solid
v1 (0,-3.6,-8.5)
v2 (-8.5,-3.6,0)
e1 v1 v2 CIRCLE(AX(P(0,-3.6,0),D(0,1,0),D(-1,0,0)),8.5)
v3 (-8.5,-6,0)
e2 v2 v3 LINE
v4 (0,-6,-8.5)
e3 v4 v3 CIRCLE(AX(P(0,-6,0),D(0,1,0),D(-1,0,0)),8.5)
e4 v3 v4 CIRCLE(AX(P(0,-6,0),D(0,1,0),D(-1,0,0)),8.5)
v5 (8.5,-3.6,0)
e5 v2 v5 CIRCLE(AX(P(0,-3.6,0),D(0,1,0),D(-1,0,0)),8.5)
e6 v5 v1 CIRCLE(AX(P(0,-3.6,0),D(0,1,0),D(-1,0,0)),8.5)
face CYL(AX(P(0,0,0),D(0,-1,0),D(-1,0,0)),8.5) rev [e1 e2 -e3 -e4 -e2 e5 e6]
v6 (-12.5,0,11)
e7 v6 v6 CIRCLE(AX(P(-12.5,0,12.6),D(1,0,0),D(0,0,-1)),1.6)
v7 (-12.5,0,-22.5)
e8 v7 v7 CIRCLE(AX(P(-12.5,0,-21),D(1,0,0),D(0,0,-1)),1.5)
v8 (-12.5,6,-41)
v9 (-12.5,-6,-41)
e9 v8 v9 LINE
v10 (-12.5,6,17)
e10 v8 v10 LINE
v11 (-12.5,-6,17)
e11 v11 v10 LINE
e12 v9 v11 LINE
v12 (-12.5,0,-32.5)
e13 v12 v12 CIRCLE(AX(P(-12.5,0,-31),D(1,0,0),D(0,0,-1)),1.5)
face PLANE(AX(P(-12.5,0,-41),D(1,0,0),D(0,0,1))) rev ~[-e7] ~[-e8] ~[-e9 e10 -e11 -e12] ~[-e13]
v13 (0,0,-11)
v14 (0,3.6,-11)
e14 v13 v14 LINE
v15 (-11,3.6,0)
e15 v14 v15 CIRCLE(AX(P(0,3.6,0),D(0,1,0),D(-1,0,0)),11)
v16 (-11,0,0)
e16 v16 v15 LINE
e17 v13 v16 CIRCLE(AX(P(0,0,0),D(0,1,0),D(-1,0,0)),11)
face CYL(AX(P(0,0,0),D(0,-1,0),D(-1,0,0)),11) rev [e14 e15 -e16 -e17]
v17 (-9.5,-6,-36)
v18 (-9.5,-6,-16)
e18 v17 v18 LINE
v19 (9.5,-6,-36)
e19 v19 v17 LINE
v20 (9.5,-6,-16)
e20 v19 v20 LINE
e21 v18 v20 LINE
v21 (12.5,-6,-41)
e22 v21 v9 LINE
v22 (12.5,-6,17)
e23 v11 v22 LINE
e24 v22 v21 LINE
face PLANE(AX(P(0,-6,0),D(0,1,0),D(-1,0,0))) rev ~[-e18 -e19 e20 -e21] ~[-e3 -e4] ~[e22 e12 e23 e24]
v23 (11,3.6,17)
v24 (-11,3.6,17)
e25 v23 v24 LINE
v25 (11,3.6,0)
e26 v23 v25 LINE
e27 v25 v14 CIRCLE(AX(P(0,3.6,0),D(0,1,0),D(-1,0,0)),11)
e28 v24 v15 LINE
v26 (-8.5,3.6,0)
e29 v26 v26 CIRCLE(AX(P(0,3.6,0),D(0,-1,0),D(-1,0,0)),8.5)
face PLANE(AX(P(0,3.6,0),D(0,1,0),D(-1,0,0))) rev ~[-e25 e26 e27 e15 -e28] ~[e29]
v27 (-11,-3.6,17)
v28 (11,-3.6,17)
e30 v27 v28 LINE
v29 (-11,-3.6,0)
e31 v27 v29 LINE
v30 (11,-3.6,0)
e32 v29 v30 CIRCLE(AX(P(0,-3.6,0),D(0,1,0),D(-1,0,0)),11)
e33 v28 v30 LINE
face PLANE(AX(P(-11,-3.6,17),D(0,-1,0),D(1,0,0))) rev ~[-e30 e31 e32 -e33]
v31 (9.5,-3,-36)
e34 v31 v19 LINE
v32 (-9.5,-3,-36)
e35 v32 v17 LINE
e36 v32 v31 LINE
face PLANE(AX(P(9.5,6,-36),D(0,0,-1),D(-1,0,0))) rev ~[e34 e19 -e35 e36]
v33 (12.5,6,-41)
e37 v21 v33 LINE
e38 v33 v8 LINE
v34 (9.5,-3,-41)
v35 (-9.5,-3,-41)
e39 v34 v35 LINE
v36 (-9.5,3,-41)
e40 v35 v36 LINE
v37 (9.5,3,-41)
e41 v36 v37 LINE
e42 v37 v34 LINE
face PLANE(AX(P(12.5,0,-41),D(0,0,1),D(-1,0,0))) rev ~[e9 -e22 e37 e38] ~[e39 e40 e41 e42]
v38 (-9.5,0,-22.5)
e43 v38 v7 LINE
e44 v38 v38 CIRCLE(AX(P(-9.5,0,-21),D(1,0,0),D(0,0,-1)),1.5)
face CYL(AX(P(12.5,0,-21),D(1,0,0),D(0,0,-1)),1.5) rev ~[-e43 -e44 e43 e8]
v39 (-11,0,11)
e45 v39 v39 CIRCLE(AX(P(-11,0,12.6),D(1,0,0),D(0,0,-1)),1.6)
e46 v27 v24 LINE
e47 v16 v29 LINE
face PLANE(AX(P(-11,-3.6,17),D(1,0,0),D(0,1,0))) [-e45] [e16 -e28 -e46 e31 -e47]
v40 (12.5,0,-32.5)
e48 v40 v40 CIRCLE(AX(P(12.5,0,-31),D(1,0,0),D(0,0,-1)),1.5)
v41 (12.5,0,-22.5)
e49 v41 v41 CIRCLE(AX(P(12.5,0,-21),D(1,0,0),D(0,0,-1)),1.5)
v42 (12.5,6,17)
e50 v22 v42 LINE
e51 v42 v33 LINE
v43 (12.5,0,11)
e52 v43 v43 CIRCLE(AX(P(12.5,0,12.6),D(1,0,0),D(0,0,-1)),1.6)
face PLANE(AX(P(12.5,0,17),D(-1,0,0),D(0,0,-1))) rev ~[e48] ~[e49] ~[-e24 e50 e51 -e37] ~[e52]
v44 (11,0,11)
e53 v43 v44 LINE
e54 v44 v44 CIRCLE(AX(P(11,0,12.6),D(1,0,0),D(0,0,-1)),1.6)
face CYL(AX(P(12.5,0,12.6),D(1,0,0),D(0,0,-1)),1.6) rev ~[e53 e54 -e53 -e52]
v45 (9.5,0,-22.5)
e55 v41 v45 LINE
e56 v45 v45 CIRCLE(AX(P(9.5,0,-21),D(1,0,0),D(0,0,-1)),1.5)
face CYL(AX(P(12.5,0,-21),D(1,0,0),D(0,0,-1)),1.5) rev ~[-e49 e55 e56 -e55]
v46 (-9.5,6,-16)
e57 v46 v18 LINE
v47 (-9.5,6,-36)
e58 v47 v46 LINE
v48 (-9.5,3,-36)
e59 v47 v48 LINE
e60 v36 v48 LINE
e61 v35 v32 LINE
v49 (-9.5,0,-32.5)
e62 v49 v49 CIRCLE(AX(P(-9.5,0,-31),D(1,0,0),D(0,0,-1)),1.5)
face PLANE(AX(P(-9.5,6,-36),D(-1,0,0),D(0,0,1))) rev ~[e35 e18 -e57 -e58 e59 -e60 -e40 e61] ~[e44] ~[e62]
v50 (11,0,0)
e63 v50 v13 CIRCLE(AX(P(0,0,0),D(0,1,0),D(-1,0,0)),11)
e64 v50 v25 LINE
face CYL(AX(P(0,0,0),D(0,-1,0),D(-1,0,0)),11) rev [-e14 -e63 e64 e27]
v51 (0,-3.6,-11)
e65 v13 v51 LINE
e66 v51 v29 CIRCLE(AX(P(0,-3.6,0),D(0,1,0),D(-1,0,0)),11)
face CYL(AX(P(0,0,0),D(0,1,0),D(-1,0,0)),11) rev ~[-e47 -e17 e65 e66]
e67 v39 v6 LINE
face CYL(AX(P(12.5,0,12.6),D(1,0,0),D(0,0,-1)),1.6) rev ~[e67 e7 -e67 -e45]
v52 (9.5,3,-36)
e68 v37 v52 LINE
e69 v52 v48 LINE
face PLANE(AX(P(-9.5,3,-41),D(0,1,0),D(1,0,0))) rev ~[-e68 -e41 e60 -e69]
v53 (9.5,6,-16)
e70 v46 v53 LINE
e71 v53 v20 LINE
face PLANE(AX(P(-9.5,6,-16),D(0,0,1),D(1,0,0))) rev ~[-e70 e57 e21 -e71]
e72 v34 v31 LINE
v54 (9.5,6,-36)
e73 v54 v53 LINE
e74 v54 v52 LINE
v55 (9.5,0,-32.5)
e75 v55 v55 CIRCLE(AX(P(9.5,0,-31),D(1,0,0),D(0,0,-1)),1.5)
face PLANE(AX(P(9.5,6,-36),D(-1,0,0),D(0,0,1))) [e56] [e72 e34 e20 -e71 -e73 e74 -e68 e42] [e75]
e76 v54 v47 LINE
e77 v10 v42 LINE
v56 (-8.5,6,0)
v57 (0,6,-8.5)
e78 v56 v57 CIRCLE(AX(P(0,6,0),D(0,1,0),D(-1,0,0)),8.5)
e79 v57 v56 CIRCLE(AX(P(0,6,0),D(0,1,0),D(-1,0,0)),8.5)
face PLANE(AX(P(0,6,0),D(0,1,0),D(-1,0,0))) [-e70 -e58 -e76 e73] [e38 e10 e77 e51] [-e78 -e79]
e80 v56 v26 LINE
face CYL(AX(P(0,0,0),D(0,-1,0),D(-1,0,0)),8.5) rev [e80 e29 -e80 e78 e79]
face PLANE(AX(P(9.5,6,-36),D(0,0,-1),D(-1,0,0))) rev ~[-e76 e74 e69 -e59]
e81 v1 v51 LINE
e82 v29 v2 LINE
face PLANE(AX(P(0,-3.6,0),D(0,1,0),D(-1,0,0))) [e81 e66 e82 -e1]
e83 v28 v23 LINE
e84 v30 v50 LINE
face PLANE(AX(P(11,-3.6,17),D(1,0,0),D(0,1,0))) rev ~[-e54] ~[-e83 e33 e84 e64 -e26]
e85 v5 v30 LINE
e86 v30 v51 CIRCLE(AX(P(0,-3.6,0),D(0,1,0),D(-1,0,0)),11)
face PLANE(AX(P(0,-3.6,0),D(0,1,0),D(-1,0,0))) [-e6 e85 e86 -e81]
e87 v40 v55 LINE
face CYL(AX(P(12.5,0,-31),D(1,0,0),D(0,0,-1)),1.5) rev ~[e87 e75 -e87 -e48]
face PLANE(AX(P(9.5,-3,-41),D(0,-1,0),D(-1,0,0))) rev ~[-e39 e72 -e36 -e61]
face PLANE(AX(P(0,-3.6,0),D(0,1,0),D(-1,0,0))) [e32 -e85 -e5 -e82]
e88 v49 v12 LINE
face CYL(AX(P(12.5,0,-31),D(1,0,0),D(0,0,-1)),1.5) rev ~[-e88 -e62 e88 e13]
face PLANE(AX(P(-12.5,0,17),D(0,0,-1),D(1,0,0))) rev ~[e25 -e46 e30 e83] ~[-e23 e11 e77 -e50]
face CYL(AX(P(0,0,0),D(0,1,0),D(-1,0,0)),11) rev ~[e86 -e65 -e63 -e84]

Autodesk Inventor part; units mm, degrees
ref_plane "YZ Plane" through (0, 0, 0) normal (1, 0, 0) x (0, 1, 0)
ref_plane "XZ Plane" through (0, 0, 0) normal (0, 1, 0) x (-1, 0, 0)
ref_plane "XY Plane" through (0, 0, 0) normal (0, 0, 1) x (1, 0, 0)
sketch "Sketch1" plane through (0, 0, 0) normal (0, 1, 0) x (-1, 0, 0)
  circle A0 centre (0, 0) radius 11
  line L0 (0, 0) -> (0, -24.9996)
  line L1 (12.5, 17) -> (-12.5, 17)
  line L2 (-12.5, 17) -> (-12.5, -41)
  line L3 (-12.5, -41) -> (12.5, -41)
  line L4 (12.5, -41) -> (12.5, 17)
  circle A1 centre (0, 0) radius 8.5
  line L5 (0, 11) -> (9.8279, 11) construction
  line L6 (0, -11) -> (10.2574, -11) construction
  dimension "d0" = 22
  dimension "d1" = 2.5
  dimension "d2" = 25
  dimension "d3" = 6
  dimension "d4" = 30
extrude "Extrusion1" add sketch "Sketch1" along normal mid plane 12 contours A0 | L4 L3 L2 L1
extrude "Extrusion2" cut sketch "Sketch1" along normal mid plane 7.2 contours A0
sketch "Sketch2" plane through (-12.5, 6, 17) normal (0, 0, 1) x (1, 0, 0)
  line L0 (1.5, -9.6) -> (1.5, -2.4) projected
  line L1 (23.5, -9.6) -> (23.5, -2.4) projected
  line L2 (23.5, -2.4) -> (1.5, -2.4) projected
  line L3 (1.5, -9.6) -> (23.5, -9.6) projected
  point P0 (12.5, -6)
ref_plane "Work Plane1" through (0, 0, 0) normal (0, 0, 1) x (1, 0, 0)
extrude "Extrusion3" cut sketch "Sketch2" against normal up to surface (17 mm away)
ref_plane "Work Plane2" through (0, 0, 11) normal (0, 0, 1) x (1, 0, 0)
sketch "Sketch3" plane through (12.5, -6, -41) normal (1, 0, 0) x (0, 0, -1)
  line L0 (-52, -2.4) -> (-52, 14.4) construction
  circle A0 centre (-53.6, 6) radius 1.6
  point P0 (-41, 6)
  dimension "d11" = 3.2
extrude "Extrusion4" cut sketch "Sketch3" against normal through all
sketch "Sketch4" plane through (12.5, 6, -41) normal (0, 0, -1) x (-1, 0, 0)
  line L0 (22, -3) -> (3, -3)
  line L1 (3, -3) -> (3, -9)
  line L2 (3, -9) -> (22, -9)
  line L3 (22, -9) -> (22, -3)
  line L4 (0, 0) -> (25, 0) projected
  line L5 (25, -12) -> (0, -12) projected
  line L6 (25, -12) -> (25, 0) projected
  line L7 (0, -12) -> (0, 0) projected
  point P0 (12.5, -6)
  dimension "d14" = 3
  dimension "d15" = 3
  dimension "d16" = 3
  dimension "d17" = 3
extrude "Extrusion5" cut sketch "Sketch4" against normal blind 25 contours L3 L2 L1 L0
sketch "Sketch7" plane through (0, 6, 0) normal (0, 1, 0) x (1, 0, 0)
  line L0 (-9.5, 41) -> (-9.5, 16) projected
  line L1 (9.5, 41) -> (9.5, 16) projected
  line L2 (-9.5, 16) -> (9.5, 16)
  line L3 (9.5, 16) -> (9.5, 36)
  line L4 (9.5, 36) -> (-9.5, 36)
  line L5 (-9.5, 36) -> (-9.5, 16)
  line L6 (12.5, 41) -> (-12.5, 41) projected
  point P0 (0, 0)
  dimension "d20" = 5
extrude "Extrusion6" cut sketch "Sketch7" against normal through all contours L4 L1 L2 L0
sketch "Sketch8" plane through (12.5, -6, -41) normal (1, 0, 0) x (0, 0, -1)
  circle A0 centre (-10, 6) radius 1.5
  circle A1 centre (-20, 6) radius 1.5
  line L0 (0, 0) -> (0, 12) projected
  point P0 (-41, 6)
  dimension "d23" = 3
  dimension "d24" = 3
  dimension "d25" = 10
  dimension "d26" = 10
extrude "Extrusion7" cut sketch "Sketch8" against normal through all
properties part number "connecting_rod_crankschaft_side"
